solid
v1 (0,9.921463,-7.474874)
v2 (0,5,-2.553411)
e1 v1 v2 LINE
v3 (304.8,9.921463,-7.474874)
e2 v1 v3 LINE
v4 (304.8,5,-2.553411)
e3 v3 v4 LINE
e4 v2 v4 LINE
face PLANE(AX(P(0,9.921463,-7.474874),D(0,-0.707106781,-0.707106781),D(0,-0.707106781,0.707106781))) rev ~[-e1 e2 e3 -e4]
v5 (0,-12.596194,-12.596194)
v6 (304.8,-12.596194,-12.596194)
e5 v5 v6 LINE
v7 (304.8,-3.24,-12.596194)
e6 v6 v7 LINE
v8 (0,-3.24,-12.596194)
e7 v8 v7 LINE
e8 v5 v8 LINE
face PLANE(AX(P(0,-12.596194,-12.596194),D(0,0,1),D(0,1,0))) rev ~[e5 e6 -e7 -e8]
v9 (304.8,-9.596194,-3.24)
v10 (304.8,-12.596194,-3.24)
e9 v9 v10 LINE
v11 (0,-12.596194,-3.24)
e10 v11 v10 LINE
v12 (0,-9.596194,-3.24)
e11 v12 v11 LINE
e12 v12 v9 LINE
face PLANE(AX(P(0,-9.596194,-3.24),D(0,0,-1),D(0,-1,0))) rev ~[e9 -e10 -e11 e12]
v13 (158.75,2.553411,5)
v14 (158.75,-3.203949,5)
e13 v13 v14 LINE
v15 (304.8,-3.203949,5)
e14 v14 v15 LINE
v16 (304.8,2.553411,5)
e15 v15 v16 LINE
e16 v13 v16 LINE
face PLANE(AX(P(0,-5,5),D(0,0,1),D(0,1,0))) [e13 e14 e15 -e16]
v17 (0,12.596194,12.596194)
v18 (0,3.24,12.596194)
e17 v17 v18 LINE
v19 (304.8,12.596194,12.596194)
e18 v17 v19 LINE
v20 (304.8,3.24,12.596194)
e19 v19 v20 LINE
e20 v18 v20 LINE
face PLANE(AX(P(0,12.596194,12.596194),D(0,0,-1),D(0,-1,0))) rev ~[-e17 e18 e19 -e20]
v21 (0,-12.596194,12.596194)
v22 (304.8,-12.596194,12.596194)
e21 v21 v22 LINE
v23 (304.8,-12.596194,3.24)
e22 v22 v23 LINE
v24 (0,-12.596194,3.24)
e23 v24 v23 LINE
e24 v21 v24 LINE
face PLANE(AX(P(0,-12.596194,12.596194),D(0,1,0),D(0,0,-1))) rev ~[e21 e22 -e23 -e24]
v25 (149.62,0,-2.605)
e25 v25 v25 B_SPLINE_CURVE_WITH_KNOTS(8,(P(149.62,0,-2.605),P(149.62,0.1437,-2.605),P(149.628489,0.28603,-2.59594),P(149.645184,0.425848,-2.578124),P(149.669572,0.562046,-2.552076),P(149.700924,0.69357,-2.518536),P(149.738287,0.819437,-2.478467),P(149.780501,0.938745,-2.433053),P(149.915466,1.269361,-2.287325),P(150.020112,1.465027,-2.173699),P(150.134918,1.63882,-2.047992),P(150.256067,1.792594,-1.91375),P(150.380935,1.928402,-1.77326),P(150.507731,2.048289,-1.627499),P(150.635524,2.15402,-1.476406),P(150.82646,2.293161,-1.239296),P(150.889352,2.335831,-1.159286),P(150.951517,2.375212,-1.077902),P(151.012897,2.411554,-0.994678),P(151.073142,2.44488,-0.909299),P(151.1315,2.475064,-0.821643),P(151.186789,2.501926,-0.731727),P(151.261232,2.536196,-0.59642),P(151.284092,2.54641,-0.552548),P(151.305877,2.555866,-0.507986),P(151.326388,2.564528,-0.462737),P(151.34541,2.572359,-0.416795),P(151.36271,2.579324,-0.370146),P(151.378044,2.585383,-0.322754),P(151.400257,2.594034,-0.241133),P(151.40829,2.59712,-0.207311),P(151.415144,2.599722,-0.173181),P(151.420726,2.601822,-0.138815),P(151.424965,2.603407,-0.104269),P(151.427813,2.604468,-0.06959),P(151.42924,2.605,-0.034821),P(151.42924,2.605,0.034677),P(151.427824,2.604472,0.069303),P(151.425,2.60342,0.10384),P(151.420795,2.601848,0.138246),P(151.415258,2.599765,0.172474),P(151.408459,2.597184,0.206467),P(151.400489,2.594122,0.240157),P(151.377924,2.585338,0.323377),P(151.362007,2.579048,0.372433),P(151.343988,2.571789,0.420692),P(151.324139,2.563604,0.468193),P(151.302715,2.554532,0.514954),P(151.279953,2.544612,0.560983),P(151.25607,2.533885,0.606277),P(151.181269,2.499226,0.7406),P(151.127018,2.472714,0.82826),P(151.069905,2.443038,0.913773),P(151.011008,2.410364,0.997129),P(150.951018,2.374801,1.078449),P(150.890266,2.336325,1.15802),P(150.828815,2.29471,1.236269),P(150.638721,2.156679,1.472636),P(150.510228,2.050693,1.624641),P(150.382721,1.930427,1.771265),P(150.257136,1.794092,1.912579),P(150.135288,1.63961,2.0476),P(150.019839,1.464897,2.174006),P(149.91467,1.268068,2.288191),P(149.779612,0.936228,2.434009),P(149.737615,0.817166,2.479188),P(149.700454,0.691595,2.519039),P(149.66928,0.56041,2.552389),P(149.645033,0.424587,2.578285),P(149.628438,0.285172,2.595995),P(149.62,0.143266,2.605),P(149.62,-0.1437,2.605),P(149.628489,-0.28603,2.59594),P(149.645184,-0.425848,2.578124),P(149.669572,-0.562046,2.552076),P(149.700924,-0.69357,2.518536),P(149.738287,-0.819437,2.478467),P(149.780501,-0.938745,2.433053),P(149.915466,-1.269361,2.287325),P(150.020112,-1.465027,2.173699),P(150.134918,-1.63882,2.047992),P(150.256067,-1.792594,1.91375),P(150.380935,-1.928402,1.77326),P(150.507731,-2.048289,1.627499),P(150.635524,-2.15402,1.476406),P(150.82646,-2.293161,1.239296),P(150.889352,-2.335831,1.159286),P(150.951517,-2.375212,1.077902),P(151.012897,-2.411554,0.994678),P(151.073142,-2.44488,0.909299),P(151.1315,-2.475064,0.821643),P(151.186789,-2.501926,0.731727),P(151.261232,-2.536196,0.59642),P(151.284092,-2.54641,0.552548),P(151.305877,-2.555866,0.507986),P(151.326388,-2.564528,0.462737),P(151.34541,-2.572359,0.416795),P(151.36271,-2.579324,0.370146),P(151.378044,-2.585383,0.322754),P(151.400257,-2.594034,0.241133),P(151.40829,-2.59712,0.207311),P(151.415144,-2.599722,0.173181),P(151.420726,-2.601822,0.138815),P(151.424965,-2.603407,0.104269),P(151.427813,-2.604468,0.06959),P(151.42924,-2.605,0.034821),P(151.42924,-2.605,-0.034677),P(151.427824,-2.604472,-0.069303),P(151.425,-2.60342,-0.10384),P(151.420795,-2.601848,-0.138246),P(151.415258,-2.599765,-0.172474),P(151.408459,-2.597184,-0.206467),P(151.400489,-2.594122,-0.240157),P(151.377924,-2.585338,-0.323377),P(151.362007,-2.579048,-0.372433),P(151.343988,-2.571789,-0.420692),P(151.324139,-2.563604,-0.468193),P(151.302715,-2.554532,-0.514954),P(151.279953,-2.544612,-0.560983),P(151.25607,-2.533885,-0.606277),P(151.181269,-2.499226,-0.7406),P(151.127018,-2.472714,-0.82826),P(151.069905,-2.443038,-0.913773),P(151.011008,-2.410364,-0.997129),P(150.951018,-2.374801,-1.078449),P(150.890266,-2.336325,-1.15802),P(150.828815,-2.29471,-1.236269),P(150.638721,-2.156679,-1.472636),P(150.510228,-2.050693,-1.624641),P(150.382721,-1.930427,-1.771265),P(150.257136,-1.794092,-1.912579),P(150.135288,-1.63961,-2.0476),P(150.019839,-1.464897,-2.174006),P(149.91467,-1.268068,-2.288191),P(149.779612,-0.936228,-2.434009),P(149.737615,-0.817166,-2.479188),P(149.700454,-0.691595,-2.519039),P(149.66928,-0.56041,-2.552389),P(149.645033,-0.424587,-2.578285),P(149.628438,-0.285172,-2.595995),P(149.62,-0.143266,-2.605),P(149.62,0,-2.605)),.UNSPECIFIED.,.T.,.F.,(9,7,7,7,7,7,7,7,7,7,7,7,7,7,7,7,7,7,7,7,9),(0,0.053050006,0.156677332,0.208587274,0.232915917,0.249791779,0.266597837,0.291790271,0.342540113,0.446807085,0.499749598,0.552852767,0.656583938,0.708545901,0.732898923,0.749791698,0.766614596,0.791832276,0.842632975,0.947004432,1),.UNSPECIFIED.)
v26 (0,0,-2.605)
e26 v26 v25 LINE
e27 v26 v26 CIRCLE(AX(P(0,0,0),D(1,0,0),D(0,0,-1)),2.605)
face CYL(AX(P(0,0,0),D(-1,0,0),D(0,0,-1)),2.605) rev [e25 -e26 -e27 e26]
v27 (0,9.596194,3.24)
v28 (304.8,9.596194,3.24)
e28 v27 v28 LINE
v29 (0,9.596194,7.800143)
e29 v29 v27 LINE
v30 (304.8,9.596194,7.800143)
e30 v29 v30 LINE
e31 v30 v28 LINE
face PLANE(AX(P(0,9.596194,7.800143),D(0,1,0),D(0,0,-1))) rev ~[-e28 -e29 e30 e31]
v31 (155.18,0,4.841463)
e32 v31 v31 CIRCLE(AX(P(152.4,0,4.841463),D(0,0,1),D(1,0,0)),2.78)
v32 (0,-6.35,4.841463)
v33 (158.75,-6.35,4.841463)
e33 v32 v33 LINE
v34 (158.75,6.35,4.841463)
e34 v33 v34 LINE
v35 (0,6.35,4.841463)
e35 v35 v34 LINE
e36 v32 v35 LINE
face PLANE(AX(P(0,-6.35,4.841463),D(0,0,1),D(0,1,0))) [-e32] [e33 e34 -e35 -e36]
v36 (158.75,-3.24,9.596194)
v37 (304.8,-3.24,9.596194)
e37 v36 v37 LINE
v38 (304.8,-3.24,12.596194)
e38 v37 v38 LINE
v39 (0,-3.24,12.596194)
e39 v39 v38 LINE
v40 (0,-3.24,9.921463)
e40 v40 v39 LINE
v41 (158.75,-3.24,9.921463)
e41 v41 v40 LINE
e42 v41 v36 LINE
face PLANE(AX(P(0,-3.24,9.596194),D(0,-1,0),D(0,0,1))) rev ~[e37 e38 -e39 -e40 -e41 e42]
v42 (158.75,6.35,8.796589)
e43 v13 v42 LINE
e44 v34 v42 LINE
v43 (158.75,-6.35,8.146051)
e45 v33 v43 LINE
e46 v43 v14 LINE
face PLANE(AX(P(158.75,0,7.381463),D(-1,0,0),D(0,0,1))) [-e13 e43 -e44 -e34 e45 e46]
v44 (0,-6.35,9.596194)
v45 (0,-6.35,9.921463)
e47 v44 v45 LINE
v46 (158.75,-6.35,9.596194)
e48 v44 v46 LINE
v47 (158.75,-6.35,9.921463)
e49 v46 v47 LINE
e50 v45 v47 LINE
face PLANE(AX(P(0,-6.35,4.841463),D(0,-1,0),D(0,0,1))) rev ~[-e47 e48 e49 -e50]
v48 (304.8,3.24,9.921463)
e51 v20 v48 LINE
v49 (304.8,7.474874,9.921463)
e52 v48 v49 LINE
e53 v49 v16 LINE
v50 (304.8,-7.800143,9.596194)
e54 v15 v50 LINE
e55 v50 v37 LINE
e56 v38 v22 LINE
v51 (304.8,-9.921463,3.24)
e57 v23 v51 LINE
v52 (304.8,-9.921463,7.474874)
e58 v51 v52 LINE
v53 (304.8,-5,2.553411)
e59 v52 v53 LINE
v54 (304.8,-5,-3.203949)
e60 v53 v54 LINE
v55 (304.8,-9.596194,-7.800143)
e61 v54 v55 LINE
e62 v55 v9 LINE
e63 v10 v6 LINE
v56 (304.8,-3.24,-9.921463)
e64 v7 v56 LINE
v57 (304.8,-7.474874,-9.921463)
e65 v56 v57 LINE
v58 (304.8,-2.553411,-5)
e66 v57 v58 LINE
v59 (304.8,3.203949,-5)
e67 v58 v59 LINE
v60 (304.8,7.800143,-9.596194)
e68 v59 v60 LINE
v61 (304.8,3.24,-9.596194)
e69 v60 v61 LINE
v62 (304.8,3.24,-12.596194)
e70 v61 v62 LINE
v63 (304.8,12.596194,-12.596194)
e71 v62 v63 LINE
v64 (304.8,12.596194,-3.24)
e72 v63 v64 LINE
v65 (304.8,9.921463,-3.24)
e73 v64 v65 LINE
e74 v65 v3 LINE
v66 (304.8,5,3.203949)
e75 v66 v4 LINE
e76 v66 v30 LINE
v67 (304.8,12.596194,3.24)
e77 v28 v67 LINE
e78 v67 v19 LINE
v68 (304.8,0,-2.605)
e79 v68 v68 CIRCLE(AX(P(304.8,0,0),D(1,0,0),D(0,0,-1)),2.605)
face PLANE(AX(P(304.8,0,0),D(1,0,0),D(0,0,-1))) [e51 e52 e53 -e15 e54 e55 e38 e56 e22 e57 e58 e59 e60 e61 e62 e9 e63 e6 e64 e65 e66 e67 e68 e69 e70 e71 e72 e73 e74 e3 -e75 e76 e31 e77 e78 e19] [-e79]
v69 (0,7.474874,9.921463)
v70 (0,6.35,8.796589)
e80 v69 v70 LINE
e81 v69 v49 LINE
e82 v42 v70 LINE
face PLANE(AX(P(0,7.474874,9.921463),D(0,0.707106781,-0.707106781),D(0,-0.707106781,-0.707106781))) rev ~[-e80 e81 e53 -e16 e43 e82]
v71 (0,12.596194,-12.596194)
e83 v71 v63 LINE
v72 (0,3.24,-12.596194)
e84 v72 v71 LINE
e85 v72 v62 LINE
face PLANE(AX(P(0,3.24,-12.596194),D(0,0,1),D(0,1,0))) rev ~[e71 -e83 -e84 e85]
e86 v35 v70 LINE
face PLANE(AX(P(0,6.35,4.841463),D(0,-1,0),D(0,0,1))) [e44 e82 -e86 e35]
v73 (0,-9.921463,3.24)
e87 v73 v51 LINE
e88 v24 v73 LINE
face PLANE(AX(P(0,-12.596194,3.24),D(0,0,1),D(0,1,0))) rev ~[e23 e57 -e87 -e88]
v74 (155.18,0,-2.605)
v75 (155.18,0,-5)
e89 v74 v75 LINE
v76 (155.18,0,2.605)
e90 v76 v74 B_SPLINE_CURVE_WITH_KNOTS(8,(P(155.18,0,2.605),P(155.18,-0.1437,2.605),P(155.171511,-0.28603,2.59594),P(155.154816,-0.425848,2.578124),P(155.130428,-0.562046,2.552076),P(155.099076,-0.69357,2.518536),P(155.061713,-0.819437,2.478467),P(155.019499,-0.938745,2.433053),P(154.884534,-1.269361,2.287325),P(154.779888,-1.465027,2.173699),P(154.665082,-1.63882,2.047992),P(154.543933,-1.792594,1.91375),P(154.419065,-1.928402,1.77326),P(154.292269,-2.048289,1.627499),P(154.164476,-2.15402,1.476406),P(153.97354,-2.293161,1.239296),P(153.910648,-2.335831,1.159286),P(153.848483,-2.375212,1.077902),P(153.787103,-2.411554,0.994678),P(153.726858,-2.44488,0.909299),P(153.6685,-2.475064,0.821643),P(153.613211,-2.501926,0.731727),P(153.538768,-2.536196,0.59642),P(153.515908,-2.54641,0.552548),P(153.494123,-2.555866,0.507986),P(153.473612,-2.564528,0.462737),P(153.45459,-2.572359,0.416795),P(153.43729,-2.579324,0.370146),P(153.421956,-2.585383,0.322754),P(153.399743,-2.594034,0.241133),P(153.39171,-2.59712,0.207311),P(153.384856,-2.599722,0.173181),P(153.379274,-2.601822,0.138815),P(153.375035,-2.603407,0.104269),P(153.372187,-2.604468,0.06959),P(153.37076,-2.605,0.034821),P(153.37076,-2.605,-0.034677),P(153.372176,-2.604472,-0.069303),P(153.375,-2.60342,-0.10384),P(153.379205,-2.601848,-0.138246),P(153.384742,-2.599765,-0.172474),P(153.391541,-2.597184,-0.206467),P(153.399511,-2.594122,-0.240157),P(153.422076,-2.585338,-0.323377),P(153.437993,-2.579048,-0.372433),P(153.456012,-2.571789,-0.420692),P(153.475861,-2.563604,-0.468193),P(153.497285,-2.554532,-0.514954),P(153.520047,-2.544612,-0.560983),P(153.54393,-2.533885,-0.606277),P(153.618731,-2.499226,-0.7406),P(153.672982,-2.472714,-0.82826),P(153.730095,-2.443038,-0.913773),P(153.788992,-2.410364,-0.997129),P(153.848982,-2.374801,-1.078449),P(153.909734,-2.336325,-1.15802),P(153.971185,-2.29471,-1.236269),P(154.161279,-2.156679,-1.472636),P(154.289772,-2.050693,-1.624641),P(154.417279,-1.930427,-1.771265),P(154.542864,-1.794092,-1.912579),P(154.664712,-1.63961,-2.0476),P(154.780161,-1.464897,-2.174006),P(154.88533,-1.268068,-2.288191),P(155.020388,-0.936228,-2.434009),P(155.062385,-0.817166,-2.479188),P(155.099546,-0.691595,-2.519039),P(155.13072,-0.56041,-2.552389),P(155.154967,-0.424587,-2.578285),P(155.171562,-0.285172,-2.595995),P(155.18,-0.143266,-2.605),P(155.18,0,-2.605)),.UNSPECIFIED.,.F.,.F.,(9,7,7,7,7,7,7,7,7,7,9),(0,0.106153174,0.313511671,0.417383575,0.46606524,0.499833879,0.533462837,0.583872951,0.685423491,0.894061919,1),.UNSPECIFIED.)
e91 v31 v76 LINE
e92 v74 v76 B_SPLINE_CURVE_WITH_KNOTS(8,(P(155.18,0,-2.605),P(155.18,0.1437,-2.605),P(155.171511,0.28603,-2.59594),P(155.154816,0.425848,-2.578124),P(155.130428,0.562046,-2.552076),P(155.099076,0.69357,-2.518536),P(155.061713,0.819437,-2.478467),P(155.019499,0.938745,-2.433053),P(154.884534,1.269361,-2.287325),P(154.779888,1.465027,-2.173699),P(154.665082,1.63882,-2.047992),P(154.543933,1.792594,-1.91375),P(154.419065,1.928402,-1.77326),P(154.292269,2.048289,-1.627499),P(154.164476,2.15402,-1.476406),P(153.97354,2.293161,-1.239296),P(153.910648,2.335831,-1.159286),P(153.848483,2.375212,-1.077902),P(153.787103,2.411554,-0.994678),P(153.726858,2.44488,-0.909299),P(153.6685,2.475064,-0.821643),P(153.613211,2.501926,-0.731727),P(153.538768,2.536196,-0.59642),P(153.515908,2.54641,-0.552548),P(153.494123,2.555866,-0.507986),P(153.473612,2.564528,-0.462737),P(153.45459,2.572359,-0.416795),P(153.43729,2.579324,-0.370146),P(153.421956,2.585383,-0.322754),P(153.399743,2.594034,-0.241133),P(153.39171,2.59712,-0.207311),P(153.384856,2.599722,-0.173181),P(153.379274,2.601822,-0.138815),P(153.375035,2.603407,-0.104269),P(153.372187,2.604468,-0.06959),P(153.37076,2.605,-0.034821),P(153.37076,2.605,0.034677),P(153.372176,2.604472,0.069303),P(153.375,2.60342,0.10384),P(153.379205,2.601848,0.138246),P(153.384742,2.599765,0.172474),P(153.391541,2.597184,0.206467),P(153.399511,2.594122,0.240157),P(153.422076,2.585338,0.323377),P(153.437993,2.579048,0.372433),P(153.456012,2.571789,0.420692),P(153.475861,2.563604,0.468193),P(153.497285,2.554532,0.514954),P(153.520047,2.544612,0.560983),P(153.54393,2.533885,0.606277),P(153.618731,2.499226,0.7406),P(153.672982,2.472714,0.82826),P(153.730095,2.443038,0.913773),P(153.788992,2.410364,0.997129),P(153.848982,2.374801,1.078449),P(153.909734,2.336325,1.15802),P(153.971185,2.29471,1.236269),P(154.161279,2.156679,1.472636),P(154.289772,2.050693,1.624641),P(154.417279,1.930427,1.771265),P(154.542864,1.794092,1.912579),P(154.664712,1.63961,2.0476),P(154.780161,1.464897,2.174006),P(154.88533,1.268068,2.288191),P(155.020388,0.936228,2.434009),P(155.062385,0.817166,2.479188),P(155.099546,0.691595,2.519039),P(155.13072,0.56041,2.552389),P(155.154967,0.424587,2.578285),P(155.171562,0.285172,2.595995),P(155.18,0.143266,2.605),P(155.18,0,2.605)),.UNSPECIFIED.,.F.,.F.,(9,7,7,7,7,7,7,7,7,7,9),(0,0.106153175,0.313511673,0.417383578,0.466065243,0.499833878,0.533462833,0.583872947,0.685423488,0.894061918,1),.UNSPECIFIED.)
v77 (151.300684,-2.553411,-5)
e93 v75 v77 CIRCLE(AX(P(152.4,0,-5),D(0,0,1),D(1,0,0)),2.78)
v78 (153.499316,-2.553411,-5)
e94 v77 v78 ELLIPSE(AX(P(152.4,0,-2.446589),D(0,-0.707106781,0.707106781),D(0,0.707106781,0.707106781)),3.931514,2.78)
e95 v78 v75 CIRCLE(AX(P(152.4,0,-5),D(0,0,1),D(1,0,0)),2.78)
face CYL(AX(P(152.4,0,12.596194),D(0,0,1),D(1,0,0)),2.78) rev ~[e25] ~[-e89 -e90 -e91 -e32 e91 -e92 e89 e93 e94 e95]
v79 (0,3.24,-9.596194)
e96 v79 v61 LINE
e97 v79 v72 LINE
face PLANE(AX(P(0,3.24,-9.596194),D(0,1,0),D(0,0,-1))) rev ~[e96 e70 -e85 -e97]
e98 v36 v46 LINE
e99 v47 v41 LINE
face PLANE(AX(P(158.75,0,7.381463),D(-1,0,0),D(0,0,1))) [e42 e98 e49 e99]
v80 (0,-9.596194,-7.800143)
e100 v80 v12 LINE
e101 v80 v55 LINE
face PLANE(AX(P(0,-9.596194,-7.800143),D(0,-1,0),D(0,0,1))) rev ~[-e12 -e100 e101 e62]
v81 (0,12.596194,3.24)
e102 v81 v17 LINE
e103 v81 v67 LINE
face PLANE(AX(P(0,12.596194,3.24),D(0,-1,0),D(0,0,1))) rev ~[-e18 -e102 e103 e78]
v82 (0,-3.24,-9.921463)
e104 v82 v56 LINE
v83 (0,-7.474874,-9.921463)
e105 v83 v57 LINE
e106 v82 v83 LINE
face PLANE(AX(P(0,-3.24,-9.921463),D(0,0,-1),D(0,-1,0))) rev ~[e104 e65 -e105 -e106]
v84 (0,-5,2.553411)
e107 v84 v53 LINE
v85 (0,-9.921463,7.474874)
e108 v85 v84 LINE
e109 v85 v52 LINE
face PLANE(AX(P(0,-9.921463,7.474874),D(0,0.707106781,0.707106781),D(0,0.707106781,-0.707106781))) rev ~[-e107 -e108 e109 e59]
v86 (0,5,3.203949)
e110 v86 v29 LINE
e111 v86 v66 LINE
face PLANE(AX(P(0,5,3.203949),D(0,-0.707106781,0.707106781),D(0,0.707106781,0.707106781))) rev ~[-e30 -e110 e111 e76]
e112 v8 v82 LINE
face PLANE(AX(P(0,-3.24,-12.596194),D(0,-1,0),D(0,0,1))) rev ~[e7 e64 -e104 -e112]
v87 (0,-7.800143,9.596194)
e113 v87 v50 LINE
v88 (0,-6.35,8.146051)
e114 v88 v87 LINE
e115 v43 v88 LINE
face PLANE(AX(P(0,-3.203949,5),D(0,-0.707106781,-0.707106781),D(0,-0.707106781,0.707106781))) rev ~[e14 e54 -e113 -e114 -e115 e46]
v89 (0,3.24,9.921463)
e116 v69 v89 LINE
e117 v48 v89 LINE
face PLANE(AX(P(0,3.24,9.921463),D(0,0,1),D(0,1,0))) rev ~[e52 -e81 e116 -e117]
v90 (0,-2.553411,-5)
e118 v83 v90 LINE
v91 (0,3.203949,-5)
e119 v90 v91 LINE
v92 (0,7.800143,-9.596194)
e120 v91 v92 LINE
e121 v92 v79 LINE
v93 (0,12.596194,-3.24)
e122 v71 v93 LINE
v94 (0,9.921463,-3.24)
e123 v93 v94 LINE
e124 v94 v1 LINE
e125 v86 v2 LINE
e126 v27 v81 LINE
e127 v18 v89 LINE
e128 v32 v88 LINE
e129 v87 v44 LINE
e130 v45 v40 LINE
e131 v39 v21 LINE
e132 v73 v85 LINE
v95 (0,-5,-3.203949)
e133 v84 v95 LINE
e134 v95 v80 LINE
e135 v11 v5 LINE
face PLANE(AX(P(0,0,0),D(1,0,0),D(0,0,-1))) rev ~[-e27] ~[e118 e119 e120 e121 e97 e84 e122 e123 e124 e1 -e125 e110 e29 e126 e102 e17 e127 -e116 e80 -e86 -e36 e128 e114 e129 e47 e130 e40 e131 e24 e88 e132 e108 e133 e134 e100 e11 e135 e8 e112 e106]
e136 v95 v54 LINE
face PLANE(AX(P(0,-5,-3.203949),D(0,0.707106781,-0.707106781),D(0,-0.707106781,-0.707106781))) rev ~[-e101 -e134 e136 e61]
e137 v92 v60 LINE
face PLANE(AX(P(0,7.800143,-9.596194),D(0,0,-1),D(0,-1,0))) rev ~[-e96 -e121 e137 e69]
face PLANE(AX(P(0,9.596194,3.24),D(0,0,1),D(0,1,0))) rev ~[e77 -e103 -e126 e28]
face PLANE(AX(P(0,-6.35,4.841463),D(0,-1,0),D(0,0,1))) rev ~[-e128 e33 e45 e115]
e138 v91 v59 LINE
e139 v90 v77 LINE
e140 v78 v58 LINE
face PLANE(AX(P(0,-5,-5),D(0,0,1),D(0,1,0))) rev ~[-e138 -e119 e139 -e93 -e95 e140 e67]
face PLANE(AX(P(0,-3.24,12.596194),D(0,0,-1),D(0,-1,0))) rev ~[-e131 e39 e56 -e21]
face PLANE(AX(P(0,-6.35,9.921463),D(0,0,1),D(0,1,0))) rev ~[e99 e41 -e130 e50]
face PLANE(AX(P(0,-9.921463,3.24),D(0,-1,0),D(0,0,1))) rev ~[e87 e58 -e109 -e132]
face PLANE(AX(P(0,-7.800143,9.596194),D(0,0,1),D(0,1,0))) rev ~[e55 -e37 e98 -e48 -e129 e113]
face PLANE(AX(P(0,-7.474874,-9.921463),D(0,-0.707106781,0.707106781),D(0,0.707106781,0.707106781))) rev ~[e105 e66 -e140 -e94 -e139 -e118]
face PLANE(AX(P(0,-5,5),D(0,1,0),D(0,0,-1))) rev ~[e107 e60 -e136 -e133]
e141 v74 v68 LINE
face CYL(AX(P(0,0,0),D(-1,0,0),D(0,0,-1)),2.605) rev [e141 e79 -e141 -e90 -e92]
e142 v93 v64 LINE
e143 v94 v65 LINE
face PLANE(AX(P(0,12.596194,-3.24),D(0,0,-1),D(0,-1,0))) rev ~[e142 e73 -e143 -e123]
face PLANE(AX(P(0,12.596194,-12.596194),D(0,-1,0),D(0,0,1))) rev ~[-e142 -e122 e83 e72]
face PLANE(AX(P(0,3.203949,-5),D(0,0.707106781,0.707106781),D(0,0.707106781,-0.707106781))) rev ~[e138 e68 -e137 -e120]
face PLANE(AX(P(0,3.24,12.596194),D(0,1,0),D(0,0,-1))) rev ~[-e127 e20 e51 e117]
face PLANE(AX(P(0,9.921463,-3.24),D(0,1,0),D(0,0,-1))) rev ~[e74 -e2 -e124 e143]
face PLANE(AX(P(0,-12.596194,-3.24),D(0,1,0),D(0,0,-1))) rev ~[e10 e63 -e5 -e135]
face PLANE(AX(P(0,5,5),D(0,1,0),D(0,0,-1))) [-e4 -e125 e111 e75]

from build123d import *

# Parameters (mm, degrees)
SKETCH1_R           = 2.605
BOSS_EXTRUDE1_DEPTH = 304.8
CIRPATTERN1_COUNT   = 4
SKETCH2_R           = 2.78
CUT_EXTRUDE1_DEPTH  = 30
SKETCH3_W           = 5.08
SKETCH3_H           = 12.7
CUT_EXTRUDE2_DEPTH  = 158.75


with BuildPart() as part:
    # Sketch1 → Boss-Extrude1 (new body)
    with BuildSketch(Plane(origin=(0, 0, 0), x_dir=(0, 0, -1), z_dir=(1, 0, 0))):
        Polygon((5, -5), (5, 3.203948776), (9.596194078, 7.800142853), (9.596194078, 3.24), (12.596194078, 3.24), (12.596194078, 12.596194078), (3.24, 12.596194078), (3.24, 9.921463197), (7.474873734, 9.921463197), (2.553410537, 5), (-5, 5), (-5, -5), align=None)
        Circle(SKETCH1_R, mode=Mode.SUBTRACT)
    boss_extrude1 = extrude(amount=BOSS_EXTRUDE1_DEPTH)

    # CirPattern1: Boss-Extrude1 ×4 about axis
    cirpattern1_axis = Axis((0, 0, 0), (1, 0, 0))
    for i in range(1, CIRPATTERN1_COUNT):
        add(boss_extrude1.rotate(cirpattern1_axis, i * 360 / CIRPATTERN1_COUNT))

    # Sketch2 → Cut-Extrude1 (cut)
    with BuildSketch(Plane.XY.offset(12.596194078)):
        with Locations((152.4, 0)):
            Circle(SKETCH2_R)
    extrude(amount=-CUT_EXTRUDE1_DEPTH, mode=Mode.SUBTRACT)

    # Sketch3 → Cut-Extrude2 (cut)
    with BuildSketch(Plane.ZY):
        with Locations((7.381463197, 0)):
            Rectangle(SKETCH3_W, SKETCH3_H)
    extrude(amount=-CUT_EXTRUDE2_DEPTH, mode=Mode.SUBTRACT)


solid = part.part
